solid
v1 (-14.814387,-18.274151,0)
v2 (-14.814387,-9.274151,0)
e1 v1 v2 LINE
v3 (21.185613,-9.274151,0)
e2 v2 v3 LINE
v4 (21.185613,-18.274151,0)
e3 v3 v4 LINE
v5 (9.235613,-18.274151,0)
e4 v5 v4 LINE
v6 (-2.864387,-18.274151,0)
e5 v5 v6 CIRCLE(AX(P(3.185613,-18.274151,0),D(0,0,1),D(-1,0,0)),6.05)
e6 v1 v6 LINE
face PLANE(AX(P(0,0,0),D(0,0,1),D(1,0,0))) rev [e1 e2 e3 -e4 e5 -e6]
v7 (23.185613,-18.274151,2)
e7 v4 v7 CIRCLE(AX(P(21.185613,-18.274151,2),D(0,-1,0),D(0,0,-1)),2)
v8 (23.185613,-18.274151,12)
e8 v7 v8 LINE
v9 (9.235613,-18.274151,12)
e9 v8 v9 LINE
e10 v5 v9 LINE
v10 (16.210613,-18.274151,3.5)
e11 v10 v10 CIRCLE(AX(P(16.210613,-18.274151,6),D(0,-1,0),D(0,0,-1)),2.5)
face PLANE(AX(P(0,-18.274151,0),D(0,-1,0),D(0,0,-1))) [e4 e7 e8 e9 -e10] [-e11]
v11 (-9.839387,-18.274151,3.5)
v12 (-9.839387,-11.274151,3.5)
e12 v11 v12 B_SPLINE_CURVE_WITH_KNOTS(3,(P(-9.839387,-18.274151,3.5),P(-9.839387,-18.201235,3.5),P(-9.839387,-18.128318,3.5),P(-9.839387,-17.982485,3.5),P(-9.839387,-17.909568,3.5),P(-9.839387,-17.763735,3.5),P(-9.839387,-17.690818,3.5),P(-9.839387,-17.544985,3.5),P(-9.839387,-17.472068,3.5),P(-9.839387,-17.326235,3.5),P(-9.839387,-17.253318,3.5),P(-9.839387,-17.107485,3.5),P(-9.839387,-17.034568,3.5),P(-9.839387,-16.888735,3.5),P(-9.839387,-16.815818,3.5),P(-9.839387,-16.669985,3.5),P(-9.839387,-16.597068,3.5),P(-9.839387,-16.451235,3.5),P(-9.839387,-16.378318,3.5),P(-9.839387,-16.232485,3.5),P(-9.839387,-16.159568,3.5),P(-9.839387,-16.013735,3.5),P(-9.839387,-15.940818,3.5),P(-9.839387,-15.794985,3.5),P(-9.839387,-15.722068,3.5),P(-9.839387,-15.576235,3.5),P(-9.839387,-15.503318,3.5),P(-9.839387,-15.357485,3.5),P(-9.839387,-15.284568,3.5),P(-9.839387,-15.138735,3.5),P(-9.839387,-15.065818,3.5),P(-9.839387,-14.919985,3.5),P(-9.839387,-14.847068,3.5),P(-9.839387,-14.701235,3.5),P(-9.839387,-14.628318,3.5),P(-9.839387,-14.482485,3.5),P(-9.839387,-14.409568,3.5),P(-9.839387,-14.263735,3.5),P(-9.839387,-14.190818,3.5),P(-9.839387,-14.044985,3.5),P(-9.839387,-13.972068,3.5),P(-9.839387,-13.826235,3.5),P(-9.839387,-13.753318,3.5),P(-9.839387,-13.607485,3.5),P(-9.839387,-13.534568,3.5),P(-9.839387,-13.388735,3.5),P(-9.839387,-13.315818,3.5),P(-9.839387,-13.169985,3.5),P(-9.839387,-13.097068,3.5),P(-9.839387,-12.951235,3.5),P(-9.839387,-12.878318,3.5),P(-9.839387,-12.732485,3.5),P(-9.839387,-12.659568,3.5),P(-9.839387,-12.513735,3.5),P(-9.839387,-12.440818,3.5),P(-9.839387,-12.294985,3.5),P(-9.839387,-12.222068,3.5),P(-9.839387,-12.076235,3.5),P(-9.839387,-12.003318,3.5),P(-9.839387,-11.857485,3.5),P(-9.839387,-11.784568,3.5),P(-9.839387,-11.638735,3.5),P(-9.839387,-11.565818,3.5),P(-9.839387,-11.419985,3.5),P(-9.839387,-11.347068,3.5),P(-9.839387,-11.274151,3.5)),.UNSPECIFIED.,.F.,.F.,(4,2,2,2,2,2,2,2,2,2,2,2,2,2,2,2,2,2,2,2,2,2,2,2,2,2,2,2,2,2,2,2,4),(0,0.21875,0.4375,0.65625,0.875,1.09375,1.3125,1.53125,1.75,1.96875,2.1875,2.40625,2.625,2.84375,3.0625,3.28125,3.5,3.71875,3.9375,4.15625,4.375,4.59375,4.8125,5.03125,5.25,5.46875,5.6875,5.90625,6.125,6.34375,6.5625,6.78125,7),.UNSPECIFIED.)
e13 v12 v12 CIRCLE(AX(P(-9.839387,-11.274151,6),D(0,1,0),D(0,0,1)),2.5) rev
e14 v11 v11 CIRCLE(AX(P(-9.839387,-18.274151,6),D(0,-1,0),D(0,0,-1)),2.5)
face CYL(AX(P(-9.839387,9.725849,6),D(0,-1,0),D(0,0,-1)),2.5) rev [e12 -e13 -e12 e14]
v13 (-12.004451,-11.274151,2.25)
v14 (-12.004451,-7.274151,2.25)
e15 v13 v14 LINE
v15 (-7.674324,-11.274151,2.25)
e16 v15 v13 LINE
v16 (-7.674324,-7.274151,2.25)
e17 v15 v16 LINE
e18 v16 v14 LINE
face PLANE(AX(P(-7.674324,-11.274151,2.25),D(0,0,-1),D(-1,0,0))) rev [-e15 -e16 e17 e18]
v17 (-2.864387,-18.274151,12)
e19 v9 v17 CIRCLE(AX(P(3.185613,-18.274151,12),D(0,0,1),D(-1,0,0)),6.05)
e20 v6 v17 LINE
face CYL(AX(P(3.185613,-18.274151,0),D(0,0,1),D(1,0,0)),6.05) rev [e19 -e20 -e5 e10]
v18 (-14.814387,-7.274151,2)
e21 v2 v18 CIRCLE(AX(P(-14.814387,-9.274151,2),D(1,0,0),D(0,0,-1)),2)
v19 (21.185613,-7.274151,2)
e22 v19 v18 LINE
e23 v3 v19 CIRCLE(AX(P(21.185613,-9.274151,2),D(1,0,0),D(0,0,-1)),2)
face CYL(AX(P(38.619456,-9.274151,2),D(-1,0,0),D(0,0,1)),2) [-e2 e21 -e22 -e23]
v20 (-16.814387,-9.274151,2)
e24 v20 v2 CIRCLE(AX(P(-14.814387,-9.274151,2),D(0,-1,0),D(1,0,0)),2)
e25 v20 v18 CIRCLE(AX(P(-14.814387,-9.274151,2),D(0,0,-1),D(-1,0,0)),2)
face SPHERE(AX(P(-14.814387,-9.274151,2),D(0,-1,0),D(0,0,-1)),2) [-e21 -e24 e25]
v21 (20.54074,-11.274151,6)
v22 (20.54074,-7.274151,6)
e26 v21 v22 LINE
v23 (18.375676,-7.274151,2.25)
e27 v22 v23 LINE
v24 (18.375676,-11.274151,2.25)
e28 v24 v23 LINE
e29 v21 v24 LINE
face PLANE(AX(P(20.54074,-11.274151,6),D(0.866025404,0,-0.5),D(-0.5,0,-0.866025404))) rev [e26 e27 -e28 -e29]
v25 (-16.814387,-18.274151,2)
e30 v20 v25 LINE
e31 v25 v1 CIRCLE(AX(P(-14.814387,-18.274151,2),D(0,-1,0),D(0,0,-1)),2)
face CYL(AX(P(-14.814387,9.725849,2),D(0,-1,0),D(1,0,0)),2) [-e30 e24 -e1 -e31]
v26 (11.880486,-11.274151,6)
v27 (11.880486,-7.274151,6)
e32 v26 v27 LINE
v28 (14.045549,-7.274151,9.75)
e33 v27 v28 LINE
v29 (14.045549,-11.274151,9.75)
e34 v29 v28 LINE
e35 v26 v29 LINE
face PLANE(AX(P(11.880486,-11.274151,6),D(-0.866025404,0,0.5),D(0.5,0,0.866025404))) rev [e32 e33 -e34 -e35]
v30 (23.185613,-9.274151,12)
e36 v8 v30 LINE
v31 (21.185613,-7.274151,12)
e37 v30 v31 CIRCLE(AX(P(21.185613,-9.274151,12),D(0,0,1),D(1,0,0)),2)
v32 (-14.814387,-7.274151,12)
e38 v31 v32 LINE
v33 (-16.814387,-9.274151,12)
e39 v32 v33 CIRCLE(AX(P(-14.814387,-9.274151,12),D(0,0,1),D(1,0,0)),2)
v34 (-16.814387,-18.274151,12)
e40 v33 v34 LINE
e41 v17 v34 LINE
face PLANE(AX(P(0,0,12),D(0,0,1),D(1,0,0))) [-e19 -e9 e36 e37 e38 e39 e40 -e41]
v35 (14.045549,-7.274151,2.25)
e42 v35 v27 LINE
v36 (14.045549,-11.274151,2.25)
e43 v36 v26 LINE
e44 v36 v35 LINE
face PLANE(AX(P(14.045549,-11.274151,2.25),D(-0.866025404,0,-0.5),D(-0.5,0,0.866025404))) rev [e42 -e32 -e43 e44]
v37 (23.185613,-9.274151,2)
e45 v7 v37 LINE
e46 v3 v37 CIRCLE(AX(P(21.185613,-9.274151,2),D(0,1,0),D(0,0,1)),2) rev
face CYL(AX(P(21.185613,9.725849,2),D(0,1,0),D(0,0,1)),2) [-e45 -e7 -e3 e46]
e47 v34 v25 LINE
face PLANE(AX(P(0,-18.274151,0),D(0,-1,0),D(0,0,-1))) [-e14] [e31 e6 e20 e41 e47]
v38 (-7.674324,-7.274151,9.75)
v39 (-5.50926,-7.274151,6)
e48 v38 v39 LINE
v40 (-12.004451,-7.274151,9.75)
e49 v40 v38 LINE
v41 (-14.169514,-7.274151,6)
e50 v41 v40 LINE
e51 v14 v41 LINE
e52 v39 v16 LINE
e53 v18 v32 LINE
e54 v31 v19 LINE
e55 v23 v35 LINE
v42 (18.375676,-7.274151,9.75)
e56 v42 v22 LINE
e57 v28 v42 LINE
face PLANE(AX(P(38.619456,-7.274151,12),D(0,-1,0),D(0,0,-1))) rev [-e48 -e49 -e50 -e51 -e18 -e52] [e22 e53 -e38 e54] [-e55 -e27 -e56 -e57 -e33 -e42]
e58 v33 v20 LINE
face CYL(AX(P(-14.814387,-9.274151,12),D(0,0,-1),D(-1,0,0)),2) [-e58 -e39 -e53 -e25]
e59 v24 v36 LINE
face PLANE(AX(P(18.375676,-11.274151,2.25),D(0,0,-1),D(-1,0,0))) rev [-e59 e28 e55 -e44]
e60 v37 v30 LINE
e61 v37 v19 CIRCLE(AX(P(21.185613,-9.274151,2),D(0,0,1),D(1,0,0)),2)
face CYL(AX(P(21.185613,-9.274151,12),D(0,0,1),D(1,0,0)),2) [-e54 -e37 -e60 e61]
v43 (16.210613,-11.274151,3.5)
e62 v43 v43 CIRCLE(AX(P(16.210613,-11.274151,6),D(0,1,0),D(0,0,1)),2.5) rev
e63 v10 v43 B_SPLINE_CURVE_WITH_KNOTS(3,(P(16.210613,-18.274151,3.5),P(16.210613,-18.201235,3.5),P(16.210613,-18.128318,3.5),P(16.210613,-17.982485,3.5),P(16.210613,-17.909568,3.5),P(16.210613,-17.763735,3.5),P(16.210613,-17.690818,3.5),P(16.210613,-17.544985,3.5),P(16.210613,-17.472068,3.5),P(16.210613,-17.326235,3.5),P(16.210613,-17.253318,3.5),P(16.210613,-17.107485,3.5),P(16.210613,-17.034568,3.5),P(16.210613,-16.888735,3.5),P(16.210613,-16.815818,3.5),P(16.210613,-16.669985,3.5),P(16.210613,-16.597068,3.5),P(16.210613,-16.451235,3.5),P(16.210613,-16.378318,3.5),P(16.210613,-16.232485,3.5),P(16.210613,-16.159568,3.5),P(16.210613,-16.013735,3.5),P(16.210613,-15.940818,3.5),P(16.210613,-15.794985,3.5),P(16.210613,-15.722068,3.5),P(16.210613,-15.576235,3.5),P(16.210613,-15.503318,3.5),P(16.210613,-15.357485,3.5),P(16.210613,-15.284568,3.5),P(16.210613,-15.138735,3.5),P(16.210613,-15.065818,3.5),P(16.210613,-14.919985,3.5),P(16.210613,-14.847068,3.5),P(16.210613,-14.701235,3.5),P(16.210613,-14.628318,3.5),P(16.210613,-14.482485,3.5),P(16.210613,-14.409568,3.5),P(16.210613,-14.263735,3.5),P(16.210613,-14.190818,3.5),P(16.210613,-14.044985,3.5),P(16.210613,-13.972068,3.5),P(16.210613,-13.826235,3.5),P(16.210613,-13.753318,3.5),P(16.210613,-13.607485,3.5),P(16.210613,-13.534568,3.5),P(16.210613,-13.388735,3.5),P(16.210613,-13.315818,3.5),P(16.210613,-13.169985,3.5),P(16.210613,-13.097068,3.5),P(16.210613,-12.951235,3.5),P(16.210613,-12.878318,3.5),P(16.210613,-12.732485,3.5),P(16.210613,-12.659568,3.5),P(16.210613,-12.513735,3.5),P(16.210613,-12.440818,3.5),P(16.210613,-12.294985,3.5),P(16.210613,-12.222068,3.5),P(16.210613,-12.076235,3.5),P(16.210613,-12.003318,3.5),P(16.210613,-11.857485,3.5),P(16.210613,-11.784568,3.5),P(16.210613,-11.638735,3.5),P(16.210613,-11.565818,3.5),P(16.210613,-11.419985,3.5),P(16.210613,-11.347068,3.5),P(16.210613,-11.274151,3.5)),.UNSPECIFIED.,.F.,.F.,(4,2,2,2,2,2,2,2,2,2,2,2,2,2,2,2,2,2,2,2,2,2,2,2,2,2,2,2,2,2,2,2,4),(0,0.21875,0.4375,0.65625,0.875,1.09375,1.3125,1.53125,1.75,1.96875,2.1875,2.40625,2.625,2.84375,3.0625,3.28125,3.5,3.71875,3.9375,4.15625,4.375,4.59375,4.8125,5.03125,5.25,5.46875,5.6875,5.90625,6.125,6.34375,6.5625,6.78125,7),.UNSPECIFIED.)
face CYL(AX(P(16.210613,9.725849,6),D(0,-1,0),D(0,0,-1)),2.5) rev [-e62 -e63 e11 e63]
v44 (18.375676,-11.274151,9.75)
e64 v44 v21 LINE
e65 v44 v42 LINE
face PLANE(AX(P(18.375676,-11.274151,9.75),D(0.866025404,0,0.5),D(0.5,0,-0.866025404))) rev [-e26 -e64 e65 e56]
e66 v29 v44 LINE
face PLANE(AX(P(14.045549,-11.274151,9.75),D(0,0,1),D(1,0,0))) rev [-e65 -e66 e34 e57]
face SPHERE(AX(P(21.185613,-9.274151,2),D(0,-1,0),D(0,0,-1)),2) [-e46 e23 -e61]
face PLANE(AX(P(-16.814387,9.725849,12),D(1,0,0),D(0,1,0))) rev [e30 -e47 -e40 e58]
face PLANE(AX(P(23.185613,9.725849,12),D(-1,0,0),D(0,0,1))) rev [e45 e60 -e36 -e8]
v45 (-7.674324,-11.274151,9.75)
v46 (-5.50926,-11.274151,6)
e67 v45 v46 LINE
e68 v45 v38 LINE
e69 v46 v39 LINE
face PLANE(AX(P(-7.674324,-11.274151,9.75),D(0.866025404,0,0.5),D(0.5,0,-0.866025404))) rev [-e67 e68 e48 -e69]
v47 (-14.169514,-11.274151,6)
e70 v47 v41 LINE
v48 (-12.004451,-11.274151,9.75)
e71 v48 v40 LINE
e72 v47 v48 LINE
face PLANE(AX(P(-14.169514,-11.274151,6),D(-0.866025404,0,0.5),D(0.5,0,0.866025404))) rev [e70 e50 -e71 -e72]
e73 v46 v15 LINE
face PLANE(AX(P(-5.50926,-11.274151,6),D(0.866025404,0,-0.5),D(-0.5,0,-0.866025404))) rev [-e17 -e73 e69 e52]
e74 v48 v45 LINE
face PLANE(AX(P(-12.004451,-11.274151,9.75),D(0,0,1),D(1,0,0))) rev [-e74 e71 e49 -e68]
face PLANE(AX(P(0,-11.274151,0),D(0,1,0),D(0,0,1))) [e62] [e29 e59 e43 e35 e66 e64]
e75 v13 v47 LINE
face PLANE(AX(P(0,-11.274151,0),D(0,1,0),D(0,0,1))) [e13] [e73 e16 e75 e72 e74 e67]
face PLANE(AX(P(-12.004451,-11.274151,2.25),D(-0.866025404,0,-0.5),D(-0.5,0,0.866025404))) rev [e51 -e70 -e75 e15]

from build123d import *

# Parameters (mm, degrees)
ESQUISSE1_W             = 40
ESQUISSE1_H             = 18
BOSS_EXTRU_1_DEPTH      = 12
ESQUISSE2_W             = 40
ESQUISSE2_H             = 12
BOSS_EXTRU_2_DEPTH      = 10
ENL_V_MAT_EXTRU_1_DEPTH = 12
ESQUISSE4_R             = 2.5
ENL_V_MAT_EXTRU_2_DEPTH = 28
ESQUISSE5_R             = 2.5
ENL_V_MAT_EXTRU_3_DEPTH = 12
ESQUISSE7_R             = 3.5
ENL_V_MAT_EXTRU_4_DEPTH = 4
ESQUISSE6_R             = 3.5
ENL_V_MAT_EXTRU_5_DEPTH = 12
CONG_1_R                = 2
ESQUISSE8_W             = 63.620200945
ESQUISSE8_H             = 32.659215008
ENL_V_MAT_EXTRU_6_DEPTH = 12
CONG_3_R                = 2
ENL_V_MAT_EXTRU_7_DEPTH = 4


with BuildPart() as part:
    # Esquisse1 → Boss.-Extru.1 (new body)
    with BuildSketch(Plane.XY):
        with Locations((3.185612757, 0.725848564)):
            Rectangle(ESQUISSE1_W, ESQUISSE1_H)
    extrude(amount=BOSS_EXTRU_1_DEPTH)

    # Esquisse2 → Boss.-Extru.2 (add)
    with BuildSketch(Plane.XZ.offset(8.274151436)):
        with Locations((3.185612757, 6)):
            Rectangle(ESQUISSE2_W, ESQUISSE2_H)
    extrude(amount=BOSS_EXTRU_2_DEPTH)

    # Esquisse3 → Enlèv. mat.-Extru.1 (cut)
    with BuildSketch(Plane.XY.offset(12)):
        with BuildLine():
            Line((-2.864387243, -18.274151436), (9.235612757, -18.274151436))
            ThreePointArc((9.235612757, -18.274151436), (3.185612757, -12.224151436), (-2.864387243, -18.274151436))
        make_face()
    extrude(amount=-ENL_V_MAT_EXTRU_1_DEPTH, mode=Mode.SUBTRACT)

    # Esquisse4 → Enlèv. mat.-Extru.2 (cut)
    with BuildSketch(Plane.XZ.offset(18.274151436)):
        with Locations(Location((-9.839387243, 6, 0), (0, 0, 270))):
            Circle(ESQUISSE4_R)
        with Locations(Location((16.210612757, 6, 0), (0, 0, 270))):
            Circle(ESQUISSE4_R)
    extrude(amount=-ENL_V_MAT_EXTRU_2_DEPTH, mode=Mode.SUBTRACT)

    # Esquisse5 → Enlèv. mat.-Extru.3 (cut)
    with BuildSketch(Plane.XY.offset(12)):
        with Locations((9.185612757, 0.725848564)):
            Circle(ESQUISSE5_R)
        with Locations((-2.814387243, 0.725848564)):
            Circle(ESQUISSE5_R)
    extrude(amount=-ENL_V_MAT_EXTRU_3_DEPTH, mode=Mode.SUBTRACT)

    # Esquisse7 → Enlèv. mat.-Extru.4 (cut)
    with BuildSketch(Plane(origin=(0, 0, 0), x_dir=(-1, 0, 0), z_dir=(0, 0, -1))):
        with Locations((-9.185612757, 0.725848564)):
            Circle(ESQUISSE7_R)
        with Locations((2.814387243, 0.725848564)):
            Circle(ESQUISSE7_R)
    extrude(amount=-ENL_V_MAT_EXTRU_4_DEPTH, mode=Mode.SUBTRACT)

    # Esquisse6 → Enlèv. mat.-Extru.5 (cut)
    with BuildSketch(Plane(origin=(0, 9.725848564, 0), x_dir=(1, 0, 0), z_dir=(0, 1, 0))):
        with Locations(Location((16.210612757, -6, 0), (0, 0, 270))):
            Circle(ESQUISSE6_R)
        with Locations(Location((-9.839387243, -6, 0), (0, 0, 270))):
            Circle(ESQUISSE6_R)
    extrude(amount=-ENL_V_MAT_EXTRU_5_DEPTH, mode=Mode.SUBTRACT)

    # Congé1
    cong_1_edges = [part.edges().sort_by_distance(p)[0] for p in [
        (3.185612757, 9.725848564, 0),
        (23.185612757, -4.274151436, 0),
        (-16.814387243, -4.274151436, 0),
        (-16.814387243, 9.725848564, 6),
        (23.185612757, 9.725848564, 6),
    ]]
    fillet(cong_1_edges, radius=CONG_1_R)

    # Esquisse8 → Enlèv. mat.-Extru.6 (cut)
    with BuildSketch(Plane(origin=(0, 0, 0), x_dir=(-1, 0, 0), z_dir=(0, 0, -1))):
        with Locations((-6.809355957, 9.055456068)):
            Rectangle(ESQUISSE8_W, ESQUISSE8_H)
    extrude(amount=-ENL_V_MAT_EXTRU_6_DEPTH, mode=Mode.SUBTRACT)

    # Congé3
    cong_3_edges = [part.edges().sort_by_distance(p)[0] for p in [
        (-16.228600805, -7.274151436, 0.585786438),
        (23.185612757, -7.274151436, 7),
        (-16.814387243, -7.274151436, 7),
        (22.59982632, -7.274151436, 0.585786438),
        (3.185612757, -7.274151436, 0),
    ]]
    fillet(cong_3_edges, radius=CONG_3_R)

    # Esquisse9 → Enlèv. mat.-Extru.7 (cut)
    with BuildSketch(Plane(origin=(0, -7.274151436, 0), x_dir=(1, 0, 0), z_dir=(0, 1, 0))):
        Polygon((-5.509260224, -6), (-7.674323733, -2.25), (-12.004450752, -2.25), (-14.169514261, -6), (-12.004450752, -9.75), (-7.674323733, -9.75), align=None)
        Polygon((11.880485739, -6), (14.045549248, -9.75), (18.375676267, -9.75), (20.540739776, -6), (18.375676267, -2.25), (14.045549248, -2.25), align=None)
    extrude(amount=-ENL_V_MAT_EXTRU_7_DEPTH, mode=Mode.SUBTRACT)


solid = part.part
